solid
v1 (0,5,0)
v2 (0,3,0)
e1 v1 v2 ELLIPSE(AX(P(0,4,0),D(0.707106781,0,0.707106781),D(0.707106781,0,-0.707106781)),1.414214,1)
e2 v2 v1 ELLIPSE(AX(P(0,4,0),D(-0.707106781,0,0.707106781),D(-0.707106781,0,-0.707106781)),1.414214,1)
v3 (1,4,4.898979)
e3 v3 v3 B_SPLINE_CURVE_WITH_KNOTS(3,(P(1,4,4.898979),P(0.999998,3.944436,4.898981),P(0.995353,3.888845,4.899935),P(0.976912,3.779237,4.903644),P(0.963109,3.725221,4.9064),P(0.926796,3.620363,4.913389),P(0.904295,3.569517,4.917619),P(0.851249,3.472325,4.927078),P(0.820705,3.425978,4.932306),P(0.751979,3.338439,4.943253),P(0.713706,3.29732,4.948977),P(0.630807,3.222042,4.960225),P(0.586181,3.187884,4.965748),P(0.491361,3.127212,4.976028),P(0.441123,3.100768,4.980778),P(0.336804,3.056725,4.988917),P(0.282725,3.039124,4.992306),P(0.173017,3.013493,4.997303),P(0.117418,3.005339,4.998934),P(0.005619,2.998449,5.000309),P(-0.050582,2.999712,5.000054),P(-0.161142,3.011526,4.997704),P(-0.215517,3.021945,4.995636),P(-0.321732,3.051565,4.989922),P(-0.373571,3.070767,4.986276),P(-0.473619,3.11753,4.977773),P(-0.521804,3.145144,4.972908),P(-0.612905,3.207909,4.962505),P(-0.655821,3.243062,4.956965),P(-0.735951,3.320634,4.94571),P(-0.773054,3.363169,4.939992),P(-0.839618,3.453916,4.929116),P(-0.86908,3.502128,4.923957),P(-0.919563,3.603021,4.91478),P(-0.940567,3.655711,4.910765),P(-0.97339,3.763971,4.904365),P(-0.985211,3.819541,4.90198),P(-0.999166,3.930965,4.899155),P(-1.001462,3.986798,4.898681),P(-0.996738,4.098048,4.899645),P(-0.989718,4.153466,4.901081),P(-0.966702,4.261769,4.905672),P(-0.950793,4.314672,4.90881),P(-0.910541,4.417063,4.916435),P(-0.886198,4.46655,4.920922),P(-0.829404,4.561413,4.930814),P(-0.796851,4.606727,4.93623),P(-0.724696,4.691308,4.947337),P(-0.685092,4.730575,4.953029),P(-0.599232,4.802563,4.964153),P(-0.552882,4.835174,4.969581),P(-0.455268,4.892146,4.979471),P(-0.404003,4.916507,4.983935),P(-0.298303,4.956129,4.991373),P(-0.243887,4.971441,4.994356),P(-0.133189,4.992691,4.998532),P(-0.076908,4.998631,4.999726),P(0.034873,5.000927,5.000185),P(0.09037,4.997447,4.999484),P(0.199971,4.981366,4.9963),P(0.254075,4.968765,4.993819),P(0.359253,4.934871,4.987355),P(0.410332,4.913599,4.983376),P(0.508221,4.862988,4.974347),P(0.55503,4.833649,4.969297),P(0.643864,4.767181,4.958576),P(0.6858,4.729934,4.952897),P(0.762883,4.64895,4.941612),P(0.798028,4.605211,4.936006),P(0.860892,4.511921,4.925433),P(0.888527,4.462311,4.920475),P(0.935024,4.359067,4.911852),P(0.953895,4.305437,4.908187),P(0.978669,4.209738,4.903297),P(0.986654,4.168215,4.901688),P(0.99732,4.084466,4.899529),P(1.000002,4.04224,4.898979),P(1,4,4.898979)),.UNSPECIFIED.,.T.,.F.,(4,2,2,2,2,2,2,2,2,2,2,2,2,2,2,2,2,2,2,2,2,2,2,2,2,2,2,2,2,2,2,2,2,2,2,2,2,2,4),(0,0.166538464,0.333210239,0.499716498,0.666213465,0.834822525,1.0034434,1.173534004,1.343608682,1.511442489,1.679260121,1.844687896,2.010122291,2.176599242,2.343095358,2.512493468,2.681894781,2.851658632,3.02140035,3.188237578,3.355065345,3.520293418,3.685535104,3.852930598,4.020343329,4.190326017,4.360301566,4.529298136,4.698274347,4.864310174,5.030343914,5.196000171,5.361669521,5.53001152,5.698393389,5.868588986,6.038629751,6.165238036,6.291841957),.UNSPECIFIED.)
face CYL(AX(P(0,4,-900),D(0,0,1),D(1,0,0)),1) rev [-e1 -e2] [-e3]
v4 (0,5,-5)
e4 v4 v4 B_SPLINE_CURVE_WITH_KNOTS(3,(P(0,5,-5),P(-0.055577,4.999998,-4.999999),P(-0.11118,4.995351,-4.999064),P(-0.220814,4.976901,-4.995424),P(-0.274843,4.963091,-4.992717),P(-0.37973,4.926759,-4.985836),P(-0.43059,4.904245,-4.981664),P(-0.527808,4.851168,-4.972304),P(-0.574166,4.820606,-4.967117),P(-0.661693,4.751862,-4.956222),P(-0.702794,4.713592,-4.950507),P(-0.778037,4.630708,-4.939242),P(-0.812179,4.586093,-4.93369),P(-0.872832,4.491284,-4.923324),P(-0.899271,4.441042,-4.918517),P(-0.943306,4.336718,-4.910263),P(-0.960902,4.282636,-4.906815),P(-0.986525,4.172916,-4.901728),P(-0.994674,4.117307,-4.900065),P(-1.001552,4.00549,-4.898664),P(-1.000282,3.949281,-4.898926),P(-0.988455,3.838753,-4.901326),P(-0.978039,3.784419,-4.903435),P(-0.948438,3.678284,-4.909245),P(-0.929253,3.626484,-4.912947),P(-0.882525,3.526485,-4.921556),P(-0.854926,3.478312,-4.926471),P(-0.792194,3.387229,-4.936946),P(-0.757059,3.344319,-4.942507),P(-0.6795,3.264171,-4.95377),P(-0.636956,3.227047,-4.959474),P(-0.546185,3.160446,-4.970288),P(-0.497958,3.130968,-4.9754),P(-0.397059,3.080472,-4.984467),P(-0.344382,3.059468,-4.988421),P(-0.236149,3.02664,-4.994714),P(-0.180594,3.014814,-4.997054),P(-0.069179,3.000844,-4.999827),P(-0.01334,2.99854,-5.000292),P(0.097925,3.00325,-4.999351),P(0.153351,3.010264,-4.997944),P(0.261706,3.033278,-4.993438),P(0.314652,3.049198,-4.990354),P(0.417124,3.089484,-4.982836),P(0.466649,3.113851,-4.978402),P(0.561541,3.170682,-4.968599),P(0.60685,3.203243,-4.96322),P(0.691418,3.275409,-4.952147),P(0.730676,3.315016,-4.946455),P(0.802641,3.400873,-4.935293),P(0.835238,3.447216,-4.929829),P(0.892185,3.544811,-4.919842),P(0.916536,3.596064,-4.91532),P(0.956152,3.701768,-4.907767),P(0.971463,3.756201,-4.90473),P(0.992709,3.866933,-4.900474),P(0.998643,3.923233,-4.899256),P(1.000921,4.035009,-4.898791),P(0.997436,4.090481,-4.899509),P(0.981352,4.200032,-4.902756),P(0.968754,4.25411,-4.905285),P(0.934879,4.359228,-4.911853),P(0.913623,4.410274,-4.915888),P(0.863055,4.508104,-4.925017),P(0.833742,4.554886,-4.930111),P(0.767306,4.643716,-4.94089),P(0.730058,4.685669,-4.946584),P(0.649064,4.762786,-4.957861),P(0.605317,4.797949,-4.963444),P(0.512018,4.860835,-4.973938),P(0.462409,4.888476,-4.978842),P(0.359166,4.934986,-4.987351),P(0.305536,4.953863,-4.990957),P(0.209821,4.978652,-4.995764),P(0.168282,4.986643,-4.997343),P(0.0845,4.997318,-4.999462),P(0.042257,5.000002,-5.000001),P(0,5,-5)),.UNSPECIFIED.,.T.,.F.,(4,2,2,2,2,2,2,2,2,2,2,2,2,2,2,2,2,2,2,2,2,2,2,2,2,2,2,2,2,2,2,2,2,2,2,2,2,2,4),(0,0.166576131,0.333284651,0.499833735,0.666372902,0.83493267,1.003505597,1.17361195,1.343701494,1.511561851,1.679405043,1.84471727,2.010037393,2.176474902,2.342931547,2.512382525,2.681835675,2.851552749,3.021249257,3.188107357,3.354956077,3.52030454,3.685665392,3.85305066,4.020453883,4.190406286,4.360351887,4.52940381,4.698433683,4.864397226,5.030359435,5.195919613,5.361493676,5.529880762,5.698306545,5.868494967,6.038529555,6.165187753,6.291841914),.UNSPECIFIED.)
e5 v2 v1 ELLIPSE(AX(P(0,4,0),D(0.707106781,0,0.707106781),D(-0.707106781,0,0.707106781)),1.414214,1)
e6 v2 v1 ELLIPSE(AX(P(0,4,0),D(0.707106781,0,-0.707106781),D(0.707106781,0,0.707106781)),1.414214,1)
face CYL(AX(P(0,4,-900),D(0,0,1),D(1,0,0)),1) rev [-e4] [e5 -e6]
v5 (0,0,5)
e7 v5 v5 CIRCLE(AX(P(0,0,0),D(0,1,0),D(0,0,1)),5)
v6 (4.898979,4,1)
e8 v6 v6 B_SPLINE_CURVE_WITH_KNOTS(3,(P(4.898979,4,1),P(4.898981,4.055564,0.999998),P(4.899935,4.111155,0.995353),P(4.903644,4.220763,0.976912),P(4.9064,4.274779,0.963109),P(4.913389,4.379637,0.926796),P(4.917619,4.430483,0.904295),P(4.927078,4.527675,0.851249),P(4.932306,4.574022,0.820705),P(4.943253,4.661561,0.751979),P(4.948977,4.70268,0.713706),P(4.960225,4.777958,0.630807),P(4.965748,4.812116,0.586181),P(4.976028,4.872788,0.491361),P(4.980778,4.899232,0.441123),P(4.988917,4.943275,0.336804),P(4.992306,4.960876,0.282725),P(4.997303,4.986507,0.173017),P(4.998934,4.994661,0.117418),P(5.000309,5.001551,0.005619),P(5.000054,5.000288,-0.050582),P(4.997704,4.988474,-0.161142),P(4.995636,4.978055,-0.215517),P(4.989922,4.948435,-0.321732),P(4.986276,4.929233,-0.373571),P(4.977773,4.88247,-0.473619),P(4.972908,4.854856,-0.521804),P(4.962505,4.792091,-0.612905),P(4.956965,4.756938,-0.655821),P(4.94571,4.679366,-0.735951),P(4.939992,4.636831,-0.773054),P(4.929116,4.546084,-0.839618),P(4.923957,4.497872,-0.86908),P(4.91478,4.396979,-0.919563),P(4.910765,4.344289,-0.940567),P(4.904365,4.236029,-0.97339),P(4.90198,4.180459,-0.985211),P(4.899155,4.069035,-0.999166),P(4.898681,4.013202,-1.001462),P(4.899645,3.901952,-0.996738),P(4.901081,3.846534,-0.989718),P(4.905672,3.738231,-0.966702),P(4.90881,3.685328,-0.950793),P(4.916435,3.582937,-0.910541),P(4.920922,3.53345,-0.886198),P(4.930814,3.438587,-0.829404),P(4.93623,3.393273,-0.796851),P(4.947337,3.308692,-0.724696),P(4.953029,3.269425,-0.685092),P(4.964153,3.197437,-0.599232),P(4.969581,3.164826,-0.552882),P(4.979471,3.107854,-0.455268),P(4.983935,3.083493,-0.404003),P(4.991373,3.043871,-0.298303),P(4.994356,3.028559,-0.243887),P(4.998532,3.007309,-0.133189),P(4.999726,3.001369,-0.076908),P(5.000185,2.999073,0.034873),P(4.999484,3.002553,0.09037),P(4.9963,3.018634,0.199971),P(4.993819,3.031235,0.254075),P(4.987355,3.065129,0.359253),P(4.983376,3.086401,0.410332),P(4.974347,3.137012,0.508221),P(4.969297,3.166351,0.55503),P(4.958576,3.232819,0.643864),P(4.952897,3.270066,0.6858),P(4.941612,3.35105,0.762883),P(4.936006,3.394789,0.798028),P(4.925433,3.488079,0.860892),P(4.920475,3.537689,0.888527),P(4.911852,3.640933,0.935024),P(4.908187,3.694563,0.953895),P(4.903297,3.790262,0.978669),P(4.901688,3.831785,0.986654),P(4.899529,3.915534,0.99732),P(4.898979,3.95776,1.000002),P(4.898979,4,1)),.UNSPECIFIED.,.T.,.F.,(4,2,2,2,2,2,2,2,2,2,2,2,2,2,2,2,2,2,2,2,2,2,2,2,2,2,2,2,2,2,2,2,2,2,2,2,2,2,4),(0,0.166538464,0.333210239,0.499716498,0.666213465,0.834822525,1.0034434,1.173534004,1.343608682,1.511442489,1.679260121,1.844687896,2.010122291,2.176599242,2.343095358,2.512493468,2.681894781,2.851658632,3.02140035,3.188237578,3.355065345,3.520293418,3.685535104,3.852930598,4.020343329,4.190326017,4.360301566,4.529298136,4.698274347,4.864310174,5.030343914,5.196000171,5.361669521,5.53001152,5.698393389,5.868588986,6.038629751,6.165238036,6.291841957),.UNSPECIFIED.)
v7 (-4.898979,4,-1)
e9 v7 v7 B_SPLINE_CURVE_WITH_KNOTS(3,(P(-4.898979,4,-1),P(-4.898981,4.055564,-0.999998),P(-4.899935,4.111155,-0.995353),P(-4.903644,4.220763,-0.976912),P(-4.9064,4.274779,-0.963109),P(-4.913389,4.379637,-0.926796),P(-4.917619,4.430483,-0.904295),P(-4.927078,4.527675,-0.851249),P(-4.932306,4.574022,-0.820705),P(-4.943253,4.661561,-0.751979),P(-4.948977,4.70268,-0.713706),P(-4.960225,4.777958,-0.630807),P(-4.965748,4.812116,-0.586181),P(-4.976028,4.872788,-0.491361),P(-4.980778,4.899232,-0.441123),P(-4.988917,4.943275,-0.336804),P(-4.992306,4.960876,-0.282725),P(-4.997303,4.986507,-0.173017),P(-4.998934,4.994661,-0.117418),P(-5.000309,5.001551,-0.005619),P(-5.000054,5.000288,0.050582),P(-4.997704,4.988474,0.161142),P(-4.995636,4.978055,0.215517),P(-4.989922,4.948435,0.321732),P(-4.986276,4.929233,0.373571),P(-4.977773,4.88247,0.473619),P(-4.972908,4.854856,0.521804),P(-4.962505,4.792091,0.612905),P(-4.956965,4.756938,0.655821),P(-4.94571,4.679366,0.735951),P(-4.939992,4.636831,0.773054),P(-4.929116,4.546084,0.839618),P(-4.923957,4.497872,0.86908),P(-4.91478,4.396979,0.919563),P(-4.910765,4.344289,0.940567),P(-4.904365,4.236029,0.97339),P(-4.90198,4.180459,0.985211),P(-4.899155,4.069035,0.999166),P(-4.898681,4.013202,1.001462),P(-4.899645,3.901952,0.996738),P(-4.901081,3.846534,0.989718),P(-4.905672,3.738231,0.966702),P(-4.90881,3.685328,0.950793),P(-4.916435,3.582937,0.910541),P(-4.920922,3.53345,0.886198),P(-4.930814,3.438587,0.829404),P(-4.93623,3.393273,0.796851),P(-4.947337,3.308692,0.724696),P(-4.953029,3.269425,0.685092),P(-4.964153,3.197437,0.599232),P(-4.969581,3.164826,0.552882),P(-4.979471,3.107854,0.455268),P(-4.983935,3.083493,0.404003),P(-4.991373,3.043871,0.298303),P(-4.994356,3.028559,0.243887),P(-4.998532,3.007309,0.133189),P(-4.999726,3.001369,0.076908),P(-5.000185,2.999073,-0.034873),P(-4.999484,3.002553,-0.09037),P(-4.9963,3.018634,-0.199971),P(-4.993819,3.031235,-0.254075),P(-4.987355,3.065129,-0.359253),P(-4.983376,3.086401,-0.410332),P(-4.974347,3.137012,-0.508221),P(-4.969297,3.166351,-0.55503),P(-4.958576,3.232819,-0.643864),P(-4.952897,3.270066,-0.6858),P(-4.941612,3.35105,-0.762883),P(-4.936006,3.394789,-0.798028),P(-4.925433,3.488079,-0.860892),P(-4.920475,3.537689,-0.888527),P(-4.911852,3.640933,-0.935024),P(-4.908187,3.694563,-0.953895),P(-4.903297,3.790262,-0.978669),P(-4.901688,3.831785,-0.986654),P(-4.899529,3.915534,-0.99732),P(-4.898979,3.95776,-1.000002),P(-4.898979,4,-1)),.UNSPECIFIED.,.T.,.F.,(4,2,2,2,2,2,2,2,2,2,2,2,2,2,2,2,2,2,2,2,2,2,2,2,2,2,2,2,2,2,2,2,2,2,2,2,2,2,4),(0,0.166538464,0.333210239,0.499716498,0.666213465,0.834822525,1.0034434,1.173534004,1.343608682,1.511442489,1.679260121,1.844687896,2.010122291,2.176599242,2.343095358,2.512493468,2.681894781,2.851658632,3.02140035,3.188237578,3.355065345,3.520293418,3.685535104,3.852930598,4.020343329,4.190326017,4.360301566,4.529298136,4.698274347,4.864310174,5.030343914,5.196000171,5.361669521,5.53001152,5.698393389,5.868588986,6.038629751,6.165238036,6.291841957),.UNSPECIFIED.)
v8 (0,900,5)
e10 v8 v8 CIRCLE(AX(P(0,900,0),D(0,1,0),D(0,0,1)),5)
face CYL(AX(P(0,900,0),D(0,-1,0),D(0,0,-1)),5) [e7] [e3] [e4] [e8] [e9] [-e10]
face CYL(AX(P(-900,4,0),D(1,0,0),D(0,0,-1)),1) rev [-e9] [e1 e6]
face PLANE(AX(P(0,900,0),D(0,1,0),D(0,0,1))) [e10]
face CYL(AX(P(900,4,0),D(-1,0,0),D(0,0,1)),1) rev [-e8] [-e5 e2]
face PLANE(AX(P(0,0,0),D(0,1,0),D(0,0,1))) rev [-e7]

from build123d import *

# Parameters (mm, degrees)
SKETCH1_R           = 5
BOSS_EXTRUDE1_DEPTH = 900
SKETCH2_R           = 1
CUT_EXTRUDE1_DEPTH  = 900
CIRPATTERN1_COUNT   = 4


with BuildPart() as part:
    # Sketch1 → Boss-Extrude1 (new body)
    with BuildSketch(Plane(origin=(0, 0, 0), x_dir=(1, 0, 0), z_dir=(0, 1, 0))):
        with Locations(Location((0, 0, 0), (0, 0, 270))):
            Circle(SKETCH1_R)
    extrude(amount=BOSS_EXTRUDE1_DEPTH)

    # Sketch2 → Cut-Extrude1 (cut)
    with BuildSketch(Plane(origin=(0, 0, 0), x_dir=(0, 0, -1), z_dir=(1, 0, 0))):
        with Locations((0, 4)):
            Circle(SKETCH2_R)
    cut_extrude1 = extrude(amount=-CUT_EXTRUDE1_DEPTH, mode=Mode.SUBTRACT)

    # CirPattern1: Cut-Extrude1 ×4 about axis
    cirpattern1_axis = Axis((0, 0, 0), (0, 1, 0))
    for i in range(1, CIRPATTERN1_COUNT):
        add(cut_extrude1.rotate(cirpattern1_axis, i * 360 / CIRPATTERN1_COUNT), mode=Mode.SUBTRACT)


solid = part.part
